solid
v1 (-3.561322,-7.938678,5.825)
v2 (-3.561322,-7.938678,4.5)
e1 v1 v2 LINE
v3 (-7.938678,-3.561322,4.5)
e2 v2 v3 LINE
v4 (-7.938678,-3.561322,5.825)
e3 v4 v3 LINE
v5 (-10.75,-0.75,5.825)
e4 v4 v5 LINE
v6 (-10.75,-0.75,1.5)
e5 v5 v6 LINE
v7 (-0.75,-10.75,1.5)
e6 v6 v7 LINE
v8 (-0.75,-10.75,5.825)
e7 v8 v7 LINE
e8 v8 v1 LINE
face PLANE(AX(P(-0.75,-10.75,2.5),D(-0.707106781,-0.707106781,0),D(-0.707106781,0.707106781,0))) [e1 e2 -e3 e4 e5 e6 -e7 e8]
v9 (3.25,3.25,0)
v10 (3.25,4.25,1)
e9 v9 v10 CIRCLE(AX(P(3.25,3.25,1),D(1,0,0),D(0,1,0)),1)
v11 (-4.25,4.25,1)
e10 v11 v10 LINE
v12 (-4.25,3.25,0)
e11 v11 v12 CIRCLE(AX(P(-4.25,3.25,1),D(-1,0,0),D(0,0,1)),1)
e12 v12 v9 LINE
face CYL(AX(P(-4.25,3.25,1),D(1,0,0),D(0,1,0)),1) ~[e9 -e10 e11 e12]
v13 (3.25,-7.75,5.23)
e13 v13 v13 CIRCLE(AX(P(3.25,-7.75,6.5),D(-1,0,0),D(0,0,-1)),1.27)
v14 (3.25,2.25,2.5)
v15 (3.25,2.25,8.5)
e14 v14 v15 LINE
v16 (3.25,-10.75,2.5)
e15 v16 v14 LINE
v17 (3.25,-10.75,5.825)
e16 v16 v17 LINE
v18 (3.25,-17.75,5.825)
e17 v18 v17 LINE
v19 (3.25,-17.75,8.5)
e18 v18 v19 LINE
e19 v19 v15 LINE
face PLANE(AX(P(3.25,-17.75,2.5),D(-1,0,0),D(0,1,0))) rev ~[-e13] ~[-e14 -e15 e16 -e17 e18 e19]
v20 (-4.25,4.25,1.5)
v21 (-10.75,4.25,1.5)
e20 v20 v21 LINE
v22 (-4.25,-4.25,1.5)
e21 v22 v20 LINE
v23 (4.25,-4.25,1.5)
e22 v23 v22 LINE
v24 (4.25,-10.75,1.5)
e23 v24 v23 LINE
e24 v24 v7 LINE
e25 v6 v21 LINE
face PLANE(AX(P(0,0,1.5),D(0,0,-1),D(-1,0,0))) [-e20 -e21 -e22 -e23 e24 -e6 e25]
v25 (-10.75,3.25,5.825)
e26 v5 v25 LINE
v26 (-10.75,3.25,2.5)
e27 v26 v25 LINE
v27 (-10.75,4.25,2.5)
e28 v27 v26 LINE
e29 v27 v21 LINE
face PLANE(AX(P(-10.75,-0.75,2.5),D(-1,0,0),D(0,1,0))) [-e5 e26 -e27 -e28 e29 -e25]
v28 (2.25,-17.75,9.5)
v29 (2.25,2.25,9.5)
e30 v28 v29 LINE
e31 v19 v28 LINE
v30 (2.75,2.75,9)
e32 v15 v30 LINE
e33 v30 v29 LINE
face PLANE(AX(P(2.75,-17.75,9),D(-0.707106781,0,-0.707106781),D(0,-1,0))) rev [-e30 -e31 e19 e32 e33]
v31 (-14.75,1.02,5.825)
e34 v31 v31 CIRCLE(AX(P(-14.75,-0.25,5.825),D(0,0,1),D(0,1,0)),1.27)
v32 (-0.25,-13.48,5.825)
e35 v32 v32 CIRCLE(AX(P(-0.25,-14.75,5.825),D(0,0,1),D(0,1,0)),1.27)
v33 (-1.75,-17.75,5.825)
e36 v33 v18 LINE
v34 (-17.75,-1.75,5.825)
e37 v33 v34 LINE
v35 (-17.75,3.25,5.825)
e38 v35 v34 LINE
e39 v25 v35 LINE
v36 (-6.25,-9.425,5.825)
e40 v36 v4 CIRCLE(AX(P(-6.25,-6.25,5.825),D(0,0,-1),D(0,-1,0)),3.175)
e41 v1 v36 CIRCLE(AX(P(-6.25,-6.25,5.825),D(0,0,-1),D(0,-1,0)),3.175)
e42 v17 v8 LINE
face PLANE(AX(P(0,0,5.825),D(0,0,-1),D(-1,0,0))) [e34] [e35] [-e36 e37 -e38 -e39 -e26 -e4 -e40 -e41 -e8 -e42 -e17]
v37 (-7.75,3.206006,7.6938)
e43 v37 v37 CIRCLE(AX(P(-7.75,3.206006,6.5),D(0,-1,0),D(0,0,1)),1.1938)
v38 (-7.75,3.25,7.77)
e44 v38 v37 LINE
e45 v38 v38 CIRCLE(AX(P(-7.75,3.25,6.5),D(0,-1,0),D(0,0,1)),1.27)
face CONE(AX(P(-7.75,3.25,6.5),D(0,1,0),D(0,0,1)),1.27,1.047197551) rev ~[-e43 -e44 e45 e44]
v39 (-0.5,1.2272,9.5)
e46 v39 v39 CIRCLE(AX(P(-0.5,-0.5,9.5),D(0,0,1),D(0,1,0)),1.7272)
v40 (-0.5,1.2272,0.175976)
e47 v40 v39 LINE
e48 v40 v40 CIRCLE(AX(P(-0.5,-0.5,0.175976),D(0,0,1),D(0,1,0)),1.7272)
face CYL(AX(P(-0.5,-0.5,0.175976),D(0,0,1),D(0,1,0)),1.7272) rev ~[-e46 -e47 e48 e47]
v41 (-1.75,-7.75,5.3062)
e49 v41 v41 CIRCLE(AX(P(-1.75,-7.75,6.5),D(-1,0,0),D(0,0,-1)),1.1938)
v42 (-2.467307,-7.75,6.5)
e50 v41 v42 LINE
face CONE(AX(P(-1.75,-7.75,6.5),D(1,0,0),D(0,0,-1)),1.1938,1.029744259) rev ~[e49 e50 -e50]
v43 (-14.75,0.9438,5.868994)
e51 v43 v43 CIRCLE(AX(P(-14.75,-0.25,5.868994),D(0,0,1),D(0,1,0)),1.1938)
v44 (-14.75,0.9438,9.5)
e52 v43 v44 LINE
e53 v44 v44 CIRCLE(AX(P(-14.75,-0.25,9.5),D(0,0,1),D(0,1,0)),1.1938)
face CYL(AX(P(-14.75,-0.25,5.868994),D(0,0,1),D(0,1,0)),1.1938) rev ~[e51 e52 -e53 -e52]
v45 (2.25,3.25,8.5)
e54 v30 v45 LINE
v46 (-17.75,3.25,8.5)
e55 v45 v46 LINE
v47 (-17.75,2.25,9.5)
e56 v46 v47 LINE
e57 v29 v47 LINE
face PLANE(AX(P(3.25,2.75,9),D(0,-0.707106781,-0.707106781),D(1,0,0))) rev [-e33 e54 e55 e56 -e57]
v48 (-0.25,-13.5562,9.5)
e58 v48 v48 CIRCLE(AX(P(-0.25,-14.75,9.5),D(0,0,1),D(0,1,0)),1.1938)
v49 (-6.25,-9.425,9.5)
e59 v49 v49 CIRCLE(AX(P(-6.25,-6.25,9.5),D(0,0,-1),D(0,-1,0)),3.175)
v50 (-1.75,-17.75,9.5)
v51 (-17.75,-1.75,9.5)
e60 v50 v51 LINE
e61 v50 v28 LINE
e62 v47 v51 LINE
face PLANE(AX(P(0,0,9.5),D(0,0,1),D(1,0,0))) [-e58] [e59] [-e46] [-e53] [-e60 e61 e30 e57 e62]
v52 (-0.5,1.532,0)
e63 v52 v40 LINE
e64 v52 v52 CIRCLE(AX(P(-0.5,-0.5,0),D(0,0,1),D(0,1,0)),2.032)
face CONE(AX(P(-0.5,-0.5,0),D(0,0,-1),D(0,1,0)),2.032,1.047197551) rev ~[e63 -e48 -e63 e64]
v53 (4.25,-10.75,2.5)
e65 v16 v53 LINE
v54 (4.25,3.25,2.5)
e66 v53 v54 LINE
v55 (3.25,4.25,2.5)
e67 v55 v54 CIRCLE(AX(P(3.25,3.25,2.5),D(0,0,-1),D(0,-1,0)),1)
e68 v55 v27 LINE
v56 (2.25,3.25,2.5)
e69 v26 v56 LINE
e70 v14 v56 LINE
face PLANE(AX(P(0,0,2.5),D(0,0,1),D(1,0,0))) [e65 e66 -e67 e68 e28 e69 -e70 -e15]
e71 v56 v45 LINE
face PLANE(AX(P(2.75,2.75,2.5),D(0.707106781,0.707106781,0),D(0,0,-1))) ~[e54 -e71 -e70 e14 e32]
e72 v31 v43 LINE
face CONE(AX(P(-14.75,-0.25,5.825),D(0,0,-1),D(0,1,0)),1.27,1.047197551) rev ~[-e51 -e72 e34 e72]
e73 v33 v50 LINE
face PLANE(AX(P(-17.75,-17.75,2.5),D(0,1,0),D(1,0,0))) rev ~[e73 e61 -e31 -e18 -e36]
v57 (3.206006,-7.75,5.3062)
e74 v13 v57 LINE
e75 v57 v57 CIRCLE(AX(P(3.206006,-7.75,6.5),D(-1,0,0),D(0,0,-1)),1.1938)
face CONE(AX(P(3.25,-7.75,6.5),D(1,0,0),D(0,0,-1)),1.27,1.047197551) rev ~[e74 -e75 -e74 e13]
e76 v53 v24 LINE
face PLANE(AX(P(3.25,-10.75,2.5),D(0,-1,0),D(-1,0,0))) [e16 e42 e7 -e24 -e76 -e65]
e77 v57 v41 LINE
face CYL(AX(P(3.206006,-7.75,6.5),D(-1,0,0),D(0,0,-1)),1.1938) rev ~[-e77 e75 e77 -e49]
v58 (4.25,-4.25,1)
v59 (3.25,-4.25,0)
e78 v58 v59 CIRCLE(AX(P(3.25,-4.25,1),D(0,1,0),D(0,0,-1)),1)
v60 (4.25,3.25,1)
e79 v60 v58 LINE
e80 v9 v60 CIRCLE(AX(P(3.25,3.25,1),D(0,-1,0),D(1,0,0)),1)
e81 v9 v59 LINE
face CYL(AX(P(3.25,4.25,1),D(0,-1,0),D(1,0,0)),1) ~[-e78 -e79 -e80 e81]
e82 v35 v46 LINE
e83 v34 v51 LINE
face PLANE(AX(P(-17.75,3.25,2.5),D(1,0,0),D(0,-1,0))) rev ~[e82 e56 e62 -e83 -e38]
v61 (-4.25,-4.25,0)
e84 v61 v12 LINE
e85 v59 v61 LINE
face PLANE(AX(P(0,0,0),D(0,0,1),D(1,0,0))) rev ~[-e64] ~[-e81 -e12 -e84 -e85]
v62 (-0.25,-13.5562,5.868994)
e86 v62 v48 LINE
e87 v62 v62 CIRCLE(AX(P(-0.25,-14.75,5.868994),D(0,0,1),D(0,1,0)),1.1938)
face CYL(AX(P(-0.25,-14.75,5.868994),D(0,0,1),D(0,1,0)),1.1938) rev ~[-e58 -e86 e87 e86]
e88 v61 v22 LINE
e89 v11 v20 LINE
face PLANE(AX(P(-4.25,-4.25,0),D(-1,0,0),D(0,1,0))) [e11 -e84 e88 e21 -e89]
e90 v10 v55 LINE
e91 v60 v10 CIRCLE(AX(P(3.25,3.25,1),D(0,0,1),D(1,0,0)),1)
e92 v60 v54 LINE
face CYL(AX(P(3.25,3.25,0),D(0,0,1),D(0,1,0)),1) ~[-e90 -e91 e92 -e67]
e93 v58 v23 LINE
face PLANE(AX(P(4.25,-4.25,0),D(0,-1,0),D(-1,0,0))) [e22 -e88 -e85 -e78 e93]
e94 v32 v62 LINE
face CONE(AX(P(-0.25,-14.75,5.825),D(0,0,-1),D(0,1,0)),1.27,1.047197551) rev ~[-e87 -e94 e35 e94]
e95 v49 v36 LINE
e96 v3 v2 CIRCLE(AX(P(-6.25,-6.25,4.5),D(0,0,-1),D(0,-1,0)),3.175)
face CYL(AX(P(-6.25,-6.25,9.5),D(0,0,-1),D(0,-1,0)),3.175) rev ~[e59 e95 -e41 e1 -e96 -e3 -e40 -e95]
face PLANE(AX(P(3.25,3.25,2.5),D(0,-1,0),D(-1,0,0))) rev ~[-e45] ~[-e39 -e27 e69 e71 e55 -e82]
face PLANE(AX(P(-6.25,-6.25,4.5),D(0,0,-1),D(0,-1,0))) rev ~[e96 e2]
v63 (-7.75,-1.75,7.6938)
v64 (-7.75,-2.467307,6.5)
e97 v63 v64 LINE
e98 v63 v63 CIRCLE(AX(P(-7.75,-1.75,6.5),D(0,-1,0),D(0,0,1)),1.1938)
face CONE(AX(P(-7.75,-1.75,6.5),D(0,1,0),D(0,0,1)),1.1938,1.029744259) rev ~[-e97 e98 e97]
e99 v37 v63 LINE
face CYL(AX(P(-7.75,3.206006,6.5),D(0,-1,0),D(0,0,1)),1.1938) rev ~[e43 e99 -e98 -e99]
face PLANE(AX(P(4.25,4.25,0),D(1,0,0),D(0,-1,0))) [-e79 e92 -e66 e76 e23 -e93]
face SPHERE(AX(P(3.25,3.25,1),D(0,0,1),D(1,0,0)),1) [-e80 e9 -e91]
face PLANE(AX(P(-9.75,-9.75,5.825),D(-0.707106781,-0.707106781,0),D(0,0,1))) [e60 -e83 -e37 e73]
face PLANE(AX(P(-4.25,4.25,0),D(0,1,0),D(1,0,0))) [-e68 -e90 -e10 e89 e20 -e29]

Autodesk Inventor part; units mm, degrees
ref_plane "YZ Plane" through (0, 0, 0) normal (1, 0, 0) x (0, 1, 0)
ref_plane "XZ Plane" through (0, 0, 0) normal (0, 1, 0) x (-1, 0, 0)
ref_plane "XY Plane" through (0, 0, 0) normal (0, 0, 1) x (1, 0, 0)
sketch "Sketch1" plane through (0, 0, 0) normal (0, 0, 1) x (1, 0, 0)
  line L0 (-4.25, 4.25) -> (4.25, 4.25)
  line L1 (4.25, 4.25) -> (4.25, -4.25)
  line L2 (4.25, -4.25) -> (-4.25, -4.25)
  line L3 (-4.25, -4.25) -> (-4.25, 4.25)
  point P0 (0, 0)
  dimension "d0" = 8.5
  dimension "d1" = 8.5
  dimension "d2" = 4.25
  dimension "d3" = 4.25
extrude "Extrusion1" add sketch "Sketch1" along normal blind 2.5
fillet "Fillet2" radius 1 3 edges at (4.25, 4.25, 1.25) (4.25, 0, 0) (0, 4.25, 0)
sketch "Sketch10" plane through (0, 0, 2.5) normal (0, 0, 1) x (1, 0, 0)
  line L0 (4.25, 3.25) -> (4.25, -4.25) projected
  line L1 (-4.25, 4.25) -> (3.25, 4.25) projected
  line L2 (3.25, 3.25) -> (-17.75, 3.25)
  line L3 (-17.75, 3.25) -> (-17.75, -17.75)
  line L4 (-17.75, -17.75) -> (3.25, -17.75)
  line L5 (3.25, -17.75) -> (3.25, 3.25)
  point P0 (0, 0)
  dimension "d113" = 1
  dimension "d114" = 1
  dimension "d115" = 21
  dimension "d116" = 21
extrude "Extrusion8" add sketch "Sketch10" along normal blind 7
hole "Hole9" at (3.25, -7.75, 6.5) direction (-1, 0, 0) diameter 2.3876 depth 5 tip angle 118 countersink diameter 2.54 countersink angle 120
hole "Hole10" at (-7.75, 3.25, 6.5) direction (0, -1, 0) diameter 2.3876 depth 5 tip angle 118 countersink diameter 2.54 countersink angle 120
hole "Hole11" at (-6.25, -6.25, 9.5) direction (0, 0, -1) diameter 6.35 depth 5
sketch "Sketch11" plane through (0, 0, 2.5) normal (0, 0, -1) x (-1, 0, 0)
  line L0 (17.75, -17.75) -> (-3.25, -17.75) projected
  line L1 (17.75, 3.25) -> (17.75, -17.75) projected
  line L2 (4.25, 3.25) -> (17.75, 3.25) projected
  line L3 (10.75, 3.25) -> (17.75, 3.25)
  line L4 (17.75, 3.25) -> (17.75, -17.75)
  line L5 (17.75, -17.75) -> (-3.25, -17.75)
  line L6 (-3.25, -17.75) -> (-3.25, -10.75)
  line L7 (-3.25, -10.75) -> (0.75, -10.75)
  line L8 (0.75, -10.75) -> (10.75, -0.75)
  line L9 (10.75, -0.75) -> (10.75, 3.25)
  point P0 (0, 0)
  dimension "d146" = 14
  dimension "d158" = 4
extrude "Extrusion9" cut sketch "Sketch11" against normal blind 3.325
hole "Hole12" at (-0.25, -14.75, 5.825) direction (0, 0, 1) diameter 2.3876 end through all countersink diameter 2.54 countersink angle 120
hole "Hole13" at (-14.75, -0.25, 5.825) direction (0, 0, 1) diameter 2.3876 end through all countersink diameter 2.54 countersink angle 120
chamfer "Chamfer3" distance 16 angle 45 1 edges at (-17.75, -17.75, 7.6625)
chamfer "Chamfer4" distance 1 angle 45 2 edges at (-7.25, 3.25, 9.5) (3.25, -7.25, 9.5)
sketch "Sketch15" plane through (0, 0, 2.5) normal (0, 0, 1) x (1, 0, 0)
  line L0 (-4.25, 3.25) -> (3.25, 3.25) projected
  line L1 (3.25, 3.25) -> (3.25, -4.25) projected
  line L2 (4.25, -4.25) -> (3.25, -4.25) projected
  line L3 (4.25, 3.25) -> (4.25, -4.25) projected
  arc A0 (4.25, 3.25) -> (3.25, 4.25) centre (3.25, 3.25) ccw projected
  line L4 (-4.25, 4.25) -> (3.25, 4.25) projected
  line L5 (-4.25, 3.25) -> (-4.25, 4.25) projected
  point P0 (0, 0)
extrude "Extrusion11" [suppressed]
chamfer "Chamfer6" distance 1 angle 45 1 edges at (3.25, 3.25, 5.5)
hole "Hole16" at (-0.5, -0.5, 0) direction (0, 0, 1) diameter 3.4544 end through all countersink diameter 4.064 countersink angle 120
sketch "Sketch16" plane through (0, 0, 2.5) normal (0, 0, -1) x (-1, 0, 0)
  line L0 (-3.25, -10.75) -> (0.75, -10.75) projected
  line L1 (10.75, -0.75) -> (10.75, 3.25) projected
  line L2 (4.25, 3.25) -> (10.75, 3.25) projected
  line L3 (4.25, -4.25) -> (4.25, 3.25) projected
  line L4 (-3.25, -4.25) -> (4.25, -4.25) projected
  line L5 (-3.25, -10.75) -> (-3.25, -4.25) projected
  line L6 (4.25, 4.25) -> (10.75, 4.25)
  line L7 (10.75, 4.25) -> (10.75, -0.75)
  line L8 (10.75, -0.75) -> (0.75, -10.75)
  line L9 (0.75, -10.75) -> (-4.25, -10.75)
  line L10 (-4.25, -10.75) -> (-4.25, -4.25)
  line L11 (-4.25, -4.25) -> (4.25, -4.25)
  line L12 (4.25, -4.25) -> (4.25, 4.25)
  point P0 (0, 0)
  dimension "d213" = 1
  dimension "d214" = 1
extrude "Extrusion12" add sketch "Sketch16" along normal blind 1
properties part number "FOX-ME-121-03" material "Aluminum-6061"
